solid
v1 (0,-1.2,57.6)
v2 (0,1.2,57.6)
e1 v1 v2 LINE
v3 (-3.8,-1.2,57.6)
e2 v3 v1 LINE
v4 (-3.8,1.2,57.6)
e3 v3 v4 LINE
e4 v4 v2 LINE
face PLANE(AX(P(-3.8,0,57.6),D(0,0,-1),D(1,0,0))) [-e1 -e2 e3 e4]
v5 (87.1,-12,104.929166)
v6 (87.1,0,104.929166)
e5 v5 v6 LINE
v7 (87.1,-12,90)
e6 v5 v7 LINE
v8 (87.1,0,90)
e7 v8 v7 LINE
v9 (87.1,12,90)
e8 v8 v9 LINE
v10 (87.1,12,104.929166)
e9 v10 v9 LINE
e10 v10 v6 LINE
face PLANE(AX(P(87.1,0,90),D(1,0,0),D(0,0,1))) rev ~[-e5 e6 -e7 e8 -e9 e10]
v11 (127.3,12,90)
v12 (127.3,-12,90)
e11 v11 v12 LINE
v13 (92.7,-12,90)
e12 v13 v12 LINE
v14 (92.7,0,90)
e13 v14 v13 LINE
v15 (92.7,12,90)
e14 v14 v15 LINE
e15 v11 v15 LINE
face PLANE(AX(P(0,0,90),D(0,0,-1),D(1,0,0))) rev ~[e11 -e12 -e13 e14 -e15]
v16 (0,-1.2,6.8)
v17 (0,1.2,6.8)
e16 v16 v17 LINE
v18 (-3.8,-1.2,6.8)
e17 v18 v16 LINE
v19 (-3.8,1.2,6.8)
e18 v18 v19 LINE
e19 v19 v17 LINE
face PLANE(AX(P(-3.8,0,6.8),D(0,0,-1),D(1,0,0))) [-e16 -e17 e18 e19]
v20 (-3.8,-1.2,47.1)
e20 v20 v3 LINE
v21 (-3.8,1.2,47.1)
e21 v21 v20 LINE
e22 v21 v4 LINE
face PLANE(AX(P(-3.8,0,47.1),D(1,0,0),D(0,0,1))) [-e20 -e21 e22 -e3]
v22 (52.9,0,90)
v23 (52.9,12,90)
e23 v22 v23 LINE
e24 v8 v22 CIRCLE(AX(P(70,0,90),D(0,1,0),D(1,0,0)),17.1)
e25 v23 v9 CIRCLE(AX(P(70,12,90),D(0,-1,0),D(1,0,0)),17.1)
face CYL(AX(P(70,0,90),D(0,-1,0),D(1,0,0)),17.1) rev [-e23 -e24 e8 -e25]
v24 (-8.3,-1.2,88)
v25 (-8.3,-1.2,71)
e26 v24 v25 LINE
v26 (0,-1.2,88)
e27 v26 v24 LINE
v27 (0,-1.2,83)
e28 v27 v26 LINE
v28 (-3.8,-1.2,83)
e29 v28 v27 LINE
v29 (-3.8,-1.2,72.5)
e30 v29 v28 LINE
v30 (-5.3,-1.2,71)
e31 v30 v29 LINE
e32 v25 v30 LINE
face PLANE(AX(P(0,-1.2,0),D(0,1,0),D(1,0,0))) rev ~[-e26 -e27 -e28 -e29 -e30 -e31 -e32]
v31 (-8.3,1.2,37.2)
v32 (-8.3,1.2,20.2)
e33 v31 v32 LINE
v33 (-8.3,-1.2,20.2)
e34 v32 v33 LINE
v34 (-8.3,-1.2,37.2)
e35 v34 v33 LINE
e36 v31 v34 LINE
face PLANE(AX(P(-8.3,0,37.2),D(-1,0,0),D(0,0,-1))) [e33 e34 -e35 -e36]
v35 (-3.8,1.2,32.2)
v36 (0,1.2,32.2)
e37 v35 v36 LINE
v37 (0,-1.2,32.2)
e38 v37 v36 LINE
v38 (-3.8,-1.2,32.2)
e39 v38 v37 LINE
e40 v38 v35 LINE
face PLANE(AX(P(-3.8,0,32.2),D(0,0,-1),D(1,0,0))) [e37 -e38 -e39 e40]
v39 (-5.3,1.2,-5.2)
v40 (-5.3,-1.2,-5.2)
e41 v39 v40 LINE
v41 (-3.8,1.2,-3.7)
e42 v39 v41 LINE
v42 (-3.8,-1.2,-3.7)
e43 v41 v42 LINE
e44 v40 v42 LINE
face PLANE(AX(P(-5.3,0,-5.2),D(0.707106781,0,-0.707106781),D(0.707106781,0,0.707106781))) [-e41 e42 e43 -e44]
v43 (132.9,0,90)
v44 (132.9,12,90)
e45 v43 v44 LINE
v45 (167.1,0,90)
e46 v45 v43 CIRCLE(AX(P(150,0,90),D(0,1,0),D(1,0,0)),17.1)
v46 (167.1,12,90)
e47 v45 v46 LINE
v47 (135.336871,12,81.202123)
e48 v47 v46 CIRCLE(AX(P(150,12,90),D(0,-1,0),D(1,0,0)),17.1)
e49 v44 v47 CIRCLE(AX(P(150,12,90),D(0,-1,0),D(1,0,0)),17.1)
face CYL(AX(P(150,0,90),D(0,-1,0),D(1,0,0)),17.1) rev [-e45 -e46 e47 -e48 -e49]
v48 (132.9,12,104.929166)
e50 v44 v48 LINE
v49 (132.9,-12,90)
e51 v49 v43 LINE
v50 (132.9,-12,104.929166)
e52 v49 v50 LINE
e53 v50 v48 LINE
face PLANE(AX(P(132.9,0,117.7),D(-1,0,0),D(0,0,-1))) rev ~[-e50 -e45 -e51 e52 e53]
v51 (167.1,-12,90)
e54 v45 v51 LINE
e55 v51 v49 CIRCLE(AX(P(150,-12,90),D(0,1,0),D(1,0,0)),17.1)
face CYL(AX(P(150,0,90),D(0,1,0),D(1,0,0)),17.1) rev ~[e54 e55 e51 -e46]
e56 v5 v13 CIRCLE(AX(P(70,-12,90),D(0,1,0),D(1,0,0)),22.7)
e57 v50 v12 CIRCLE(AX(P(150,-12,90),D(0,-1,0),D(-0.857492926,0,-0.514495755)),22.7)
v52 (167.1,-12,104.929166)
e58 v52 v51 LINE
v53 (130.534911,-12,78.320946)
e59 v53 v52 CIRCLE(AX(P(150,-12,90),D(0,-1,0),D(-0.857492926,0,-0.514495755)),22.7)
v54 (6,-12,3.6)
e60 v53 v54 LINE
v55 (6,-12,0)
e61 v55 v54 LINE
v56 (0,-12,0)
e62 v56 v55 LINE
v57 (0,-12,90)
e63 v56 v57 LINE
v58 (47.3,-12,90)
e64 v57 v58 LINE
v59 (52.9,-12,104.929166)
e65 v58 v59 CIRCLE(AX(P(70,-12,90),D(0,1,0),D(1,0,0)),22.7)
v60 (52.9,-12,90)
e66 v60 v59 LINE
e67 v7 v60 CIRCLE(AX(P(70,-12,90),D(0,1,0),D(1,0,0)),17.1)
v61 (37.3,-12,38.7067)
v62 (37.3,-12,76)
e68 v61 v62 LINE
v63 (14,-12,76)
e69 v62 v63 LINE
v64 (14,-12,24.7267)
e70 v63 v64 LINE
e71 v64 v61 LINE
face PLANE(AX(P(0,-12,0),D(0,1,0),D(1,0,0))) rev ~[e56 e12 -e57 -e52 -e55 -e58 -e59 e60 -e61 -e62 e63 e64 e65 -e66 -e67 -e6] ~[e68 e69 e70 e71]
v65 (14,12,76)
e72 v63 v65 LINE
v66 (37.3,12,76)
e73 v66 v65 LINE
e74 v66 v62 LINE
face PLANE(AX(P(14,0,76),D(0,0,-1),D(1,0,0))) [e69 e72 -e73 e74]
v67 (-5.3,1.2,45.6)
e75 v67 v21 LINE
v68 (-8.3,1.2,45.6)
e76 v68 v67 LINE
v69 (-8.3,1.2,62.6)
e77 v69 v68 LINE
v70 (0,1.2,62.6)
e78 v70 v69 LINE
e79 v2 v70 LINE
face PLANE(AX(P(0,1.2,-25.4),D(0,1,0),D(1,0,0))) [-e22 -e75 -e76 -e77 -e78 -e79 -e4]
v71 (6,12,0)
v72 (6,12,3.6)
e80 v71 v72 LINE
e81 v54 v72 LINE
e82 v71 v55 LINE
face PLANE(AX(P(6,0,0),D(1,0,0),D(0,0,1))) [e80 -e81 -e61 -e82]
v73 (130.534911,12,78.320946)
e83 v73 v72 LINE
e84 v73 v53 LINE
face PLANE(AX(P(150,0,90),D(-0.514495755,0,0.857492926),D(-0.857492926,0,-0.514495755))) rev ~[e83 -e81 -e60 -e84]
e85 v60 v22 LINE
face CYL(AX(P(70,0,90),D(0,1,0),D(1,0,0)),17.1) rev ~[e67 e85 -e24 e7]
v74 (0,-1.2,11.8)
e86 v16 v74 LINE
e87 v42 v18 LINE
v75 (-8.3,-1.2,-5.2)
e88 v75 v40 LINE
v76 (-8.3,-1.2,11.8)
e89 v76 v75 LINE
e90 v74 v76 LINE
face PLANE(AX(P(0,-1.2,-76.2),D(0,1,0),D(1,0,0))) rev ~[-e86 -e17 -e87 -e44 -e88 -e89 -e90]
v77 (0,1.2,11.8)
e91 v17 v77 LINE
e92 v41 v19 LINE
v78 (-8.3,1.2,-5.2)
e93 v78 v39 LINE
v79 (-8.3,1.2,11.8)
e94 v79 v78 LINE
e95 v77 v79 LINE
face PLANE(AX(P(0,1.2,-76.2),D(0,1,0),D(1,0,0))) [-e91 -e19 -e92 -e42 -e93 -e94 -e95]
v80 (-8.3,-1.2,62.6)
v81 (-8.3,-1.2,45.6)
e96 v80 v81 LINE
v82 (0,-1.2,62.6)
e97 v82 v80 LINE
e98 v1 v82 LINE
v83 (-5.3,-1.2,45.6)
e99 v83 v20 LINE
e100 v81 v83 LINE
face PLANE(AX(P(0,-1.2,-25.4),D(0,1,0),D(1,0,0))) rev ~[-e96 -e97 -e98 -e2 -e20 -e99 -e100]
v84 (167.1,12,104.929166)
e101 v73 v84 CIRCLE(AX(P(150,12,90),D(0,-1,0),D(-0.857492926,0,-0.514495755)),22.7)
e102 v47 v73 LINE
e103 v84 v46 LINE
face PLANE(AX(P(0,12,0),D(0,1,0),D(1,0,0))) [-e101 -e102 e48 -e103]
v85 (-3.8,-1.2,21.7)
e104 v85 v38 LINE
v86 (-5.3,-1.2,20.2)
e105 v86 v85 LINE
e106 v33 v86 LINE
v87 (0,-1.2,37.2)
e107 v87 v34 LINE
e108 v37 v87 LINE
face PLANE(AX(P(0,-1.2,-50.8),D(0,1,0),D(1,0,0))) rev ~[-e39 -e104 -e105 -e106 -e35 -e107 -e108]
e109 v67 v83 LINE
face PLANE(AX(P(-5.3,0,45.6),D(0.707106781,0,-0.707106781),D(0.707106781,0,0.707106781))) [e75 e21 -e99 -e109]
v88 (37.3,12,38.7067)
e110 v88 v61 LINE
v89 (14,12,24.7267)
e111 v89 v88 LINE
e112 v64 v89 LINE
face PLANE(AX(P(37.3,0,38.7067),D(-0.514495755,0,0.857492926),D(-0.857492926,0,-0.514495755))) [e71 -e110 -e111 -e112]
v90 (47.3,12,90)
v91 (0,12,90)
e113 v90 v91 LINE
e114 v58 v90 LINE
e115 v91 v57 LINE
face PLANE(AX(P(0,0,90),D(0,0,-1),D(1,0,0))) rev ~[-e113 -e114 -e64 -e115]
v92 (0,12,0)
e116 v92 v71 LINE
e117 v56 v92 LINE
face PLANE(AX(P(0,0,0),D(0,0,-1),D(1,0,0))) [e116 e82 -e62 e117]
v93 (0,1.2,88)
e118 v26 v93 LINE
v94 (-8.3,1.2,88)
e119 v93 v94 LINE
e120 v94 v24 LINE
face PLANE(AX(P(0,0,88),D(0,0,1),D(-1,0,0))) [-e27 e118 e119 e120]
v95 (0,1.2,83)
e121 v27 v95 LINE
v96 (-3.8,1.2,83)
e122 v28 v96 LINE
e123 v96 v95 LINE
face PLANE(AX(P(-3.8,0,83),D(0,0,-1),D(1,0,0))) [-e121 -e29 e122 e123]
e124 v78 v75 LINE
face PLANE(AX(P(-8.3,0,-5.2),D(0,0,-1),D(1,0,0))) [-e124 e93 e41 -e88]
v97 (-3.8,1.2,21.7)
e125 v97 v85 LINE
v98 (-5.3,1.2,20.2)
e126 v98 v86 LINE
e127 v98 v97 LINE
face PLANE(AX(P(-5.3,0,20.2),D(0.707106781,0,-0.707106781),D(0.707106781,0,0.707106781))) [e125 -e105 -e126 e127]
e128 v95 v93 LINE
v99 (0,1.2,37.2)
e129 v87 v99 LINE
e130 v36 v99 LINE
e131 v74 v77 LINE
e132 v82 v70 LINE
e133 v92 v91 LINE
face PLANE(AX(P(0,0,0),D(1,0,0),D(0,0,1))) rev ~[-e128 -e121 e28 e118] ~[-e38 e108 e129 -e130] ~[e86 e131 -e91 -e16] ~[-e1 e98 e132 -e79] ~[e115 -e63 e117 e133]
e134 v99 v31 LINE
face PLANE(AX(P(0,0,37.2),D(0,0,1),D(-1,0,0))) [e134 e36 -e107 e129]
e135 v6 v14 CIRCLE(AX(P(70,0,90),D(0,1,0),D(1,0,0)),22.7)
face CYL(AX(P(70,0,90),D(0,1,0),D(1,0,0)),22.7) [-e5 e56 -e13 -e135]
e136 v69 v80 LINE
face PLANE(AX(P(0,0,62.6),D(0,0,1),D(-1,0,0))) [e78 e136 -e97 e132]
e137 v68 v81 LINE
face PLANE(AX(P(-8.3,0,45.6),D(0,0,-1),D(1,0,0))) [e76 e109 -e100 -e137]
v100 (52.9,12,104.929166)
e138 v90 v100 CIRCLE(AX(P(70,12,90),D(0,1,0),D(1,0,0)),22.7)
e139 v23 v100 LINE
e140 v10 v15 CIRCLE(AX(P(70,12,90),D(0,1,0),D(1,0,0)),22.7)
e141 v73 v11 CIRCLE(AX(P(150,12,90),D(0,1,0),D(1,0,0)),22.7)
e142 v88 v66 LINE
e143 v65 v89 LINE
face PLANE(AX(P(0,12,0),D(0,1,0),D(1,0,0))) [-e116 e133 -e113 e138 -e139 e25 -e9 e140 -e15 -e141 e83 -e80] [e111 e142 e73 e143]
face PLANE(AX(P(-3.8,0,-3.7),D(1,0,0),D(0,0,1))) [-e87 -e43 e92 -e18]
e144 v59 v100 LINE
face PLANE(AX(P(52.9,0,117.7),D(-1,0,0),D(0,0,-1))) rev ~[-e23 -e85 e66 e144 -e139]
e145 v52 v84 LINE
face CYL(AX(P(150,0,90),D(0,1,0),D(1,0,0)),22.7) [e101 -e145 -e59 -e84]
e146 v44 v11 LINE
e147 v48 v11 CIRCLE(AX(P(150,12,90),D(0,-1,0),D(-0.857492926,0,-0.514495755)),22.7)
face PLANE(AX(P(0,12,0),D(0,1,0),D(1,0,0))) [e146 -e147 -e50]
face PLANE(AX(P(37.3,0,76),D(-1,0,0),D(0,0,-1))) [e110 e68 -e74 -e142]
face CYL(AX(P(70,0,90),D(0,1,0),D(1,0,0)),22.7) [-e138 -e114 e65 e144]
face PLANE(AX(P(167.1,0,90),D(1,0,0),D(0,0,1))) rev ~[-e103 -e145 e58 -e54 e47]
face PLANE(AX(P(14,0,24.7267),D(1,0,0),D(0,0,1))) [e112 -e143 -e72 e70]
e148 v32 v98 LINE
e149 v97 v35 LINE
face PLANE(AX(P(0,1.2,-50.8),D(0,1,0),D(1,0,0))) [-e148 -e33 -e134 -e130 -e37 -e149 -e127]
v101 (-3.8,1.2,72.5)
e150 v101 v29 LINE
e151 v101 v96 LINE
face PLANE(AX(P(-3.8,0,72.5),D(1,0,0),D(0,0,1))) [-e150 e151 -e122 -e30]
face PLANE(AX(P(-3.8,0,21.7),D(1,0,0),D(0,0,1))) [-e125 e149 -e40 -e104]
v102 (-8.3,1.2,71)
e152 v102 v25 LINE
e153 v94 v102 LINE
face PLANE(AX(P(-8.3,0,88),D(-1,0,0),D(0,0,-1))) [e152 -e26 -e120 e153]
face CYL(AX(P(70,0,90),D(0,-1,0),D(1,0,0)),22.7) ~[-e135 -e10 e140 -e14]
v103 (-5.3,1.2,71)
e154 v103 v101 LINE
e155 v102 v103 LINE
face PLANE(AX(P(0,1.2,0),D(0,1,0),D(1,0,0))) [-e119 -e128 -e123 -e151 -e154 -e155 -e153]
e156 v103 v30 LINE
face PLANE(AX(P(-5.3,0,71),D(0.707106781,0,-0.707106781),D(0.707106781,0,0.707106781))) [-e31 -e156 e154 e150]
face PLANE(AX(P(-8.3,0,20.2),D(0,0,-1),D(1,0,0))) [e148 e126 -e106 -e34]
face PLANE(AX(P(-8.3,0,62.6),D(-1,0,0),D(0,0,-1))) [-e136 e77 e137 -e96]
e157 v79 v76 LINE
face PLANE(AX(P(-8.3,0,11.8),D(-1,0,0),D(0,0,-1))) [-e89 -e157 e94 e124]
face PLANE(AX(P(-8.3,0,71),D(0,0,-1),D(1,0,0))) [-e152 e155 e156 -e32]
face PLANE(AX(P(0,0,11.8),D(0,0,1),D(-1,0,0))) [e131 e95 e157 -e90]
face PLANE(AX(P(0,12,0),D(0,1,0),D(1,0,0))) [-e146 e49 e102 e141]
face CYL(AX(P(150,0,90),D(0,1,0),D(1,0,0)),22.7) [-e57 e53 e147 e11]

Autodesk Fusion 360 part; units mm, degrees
sketch "Arm triangle" plane through (0, 0, 0) normal (0, 1, 0) x (1, 0, 0)
  line L0 (0, 0) -> (0, -90)
  line L1 (0, -90) -> (150, -90)
  line L2 (150, -90) -> (0, 0)
  dimension "d186" = 90
extrude "Arm triangle (1)" add sketch "Arm triangle" along normal mid plane 24
sketch "Plate" plane through (0, 0, 0) normal (0, 1, 0) x (1, 0, 0)
  line L0 (0, 0) -> (6, 0)
  line L1 (6, 0) -> (6, -90)
  line L2 (6, -90) -> (0, -90)
  line L3 (0, -90) -> (0, 0)
  dimension "d190" = 6
  dimension "d191" = 90
extrude "Plate (1)" add sketch "Plate" along normal mid plane 24
sketch "Lightening cutout" plane through (0, 0, 0) normal (0, 1, 0) x (1, 0, 0)
  line L0 (14, -24.7267) -> (14, -76)
  line L1 (14, -76) -> (37.3, -76)
  line L2 (37.3, -76) -> (37.3, -38.7067)
  line L3 (37.3, -38.7067) -> (14, -24.7267)
  dimension "d194" = 14
  dimension "d195" = 24.7267
  dimension "d196" = 76
  dimension "d197" = 37.3
  dimension "d198" = 38.7067
extrude "Lightening cutout (1)" cut sketch "Lightening cutout" along normal mid plane 34
sketch "Saddle boss x=70" plane through (0, 0, 0) normal (0, 1, 0) x (1, 0, 0)
  circle A0 centre (70, -90) radius 22.7
  dimension "d201" = 70
  dimension "d202" = 90
  dimension "d203" = 45.4
extrude "Saddle boss x=70 (1)" add sketch "Saddle boss x=70" along normal mid plane 24
sketch "Saddle boss x=150" plane through (0, 0, 0) normal (0, 1, 0) x (1, 0, 0)
  circle A0 centre (150, -90) radius 22.7
  dimension "d207" = 90
  dimension "d208" = 45.4
extrude "Saddle boss x=150 (1)" add sketch "Saddle boss x=150" along normal mid plane 24
sketch "Rod pocket x=70" plane through (0, 0, 0) normal (0, 1, 0) x (1, 0, 0)
  circle A0 centre (70, -90) radius 17.1
  dimension "d211" = 70
  dimension "d212" = 90
  dimension "d213" = 34.2
extrude "Rod pocket x=70 (1)" cut sketch "Rod pocket x=70" along normal mid plane 34
sketch "Drop-in opening x=70" plane through (0, 0, 0) normal (0, 1, 0) x (1, 0, 0)
  line L0 (52.9, -90) -> (87.1, -90)
  line L1 (87.1, -90) -> (87.1, -117.7)
  line L2 (87.1, -117.7) -> (52.9, -117.7)
  line L3 (52.9, -117.7) -> (52.9, -90)
  dimension "d216" = 52.9
  dimension "d217" = 90
  dimension "d218" = 87.1
  dimension "d219" = 117.7
extrude "Drop-in opening x=70 (1)" cut sketch "Drop-in opening x=70" along normal mid plane 34
sketch "Rod pocket x=150" plane through (0, 0, 0) normal (0, 1, 0) x (1, 0, 0)
  circle A0 centre (150, -90) radius 17.1
  dimension "d223" = 90
  dimension "d224" = 34.2
extrude "Rod pocket x=150 (1)" cut sketch "Rod pocket x=150" along normal mid plane 34
sketch "Drop-in opening x=150" plane through (0, 0, 0) normal (0, 1, 0) x (1, 0, 0)
  line L0 (132.9, -90) -> (167.1, -90)
  line L1 (167.1, -90) -> (167.1, -117.7)
  line L2 (167.1, -117.7) -> (132.9, -117.7)
  line L3 (132.9, -117.7) -> (132.9, -90)
  dimension "d227" = 132.9
  dimension "d228" = 90
  dimension "d229" = 167.1
  dimension "d230" = 117.7
extrude "Drop-in opening x=150 (1)" cut sketch "Drop-in opening x=150" along normal mid plane 34
sketch "Hook profile" plane through (0, 0, 0) normal (0, 1, 0) x (1, 0, 0)
  line L0 (0, -88) -> (-8.3, -88)
  line L1 (-8.3, -88) -> (-8.3, -71)
  line L2 (-8.3, -71) -> (-5.3, -71)
  line L3 (-5.3, -71) -> (-3.8, -72.5)
  line L4 (-3.8, -72.5) -> (-3.8, -83)
  line L5 (-3.8, -83) -> (0, -83)
  line L6 (0, -83) -> (0, -88)
  dimension "d233" = 88
  dimension "d234" = 8.3
  dimension "d235" = 3.8
  dimension "d236" = 5
  dimension "d237" = 10.5
  dimension "d238" = 1.5
  dimension "d239" = 1.5
extrude "Hook profile (1)" add sketch "Hook profile" along normal mid plane 2.4
pattern_linear "Hook rows" count 4 spacing 25.4 along (0, 0, -1) count 3 spacing 0 along (0, 0, 1) of "Hook profile (1)"
equation "bracketWidth = 24.0 mm" comment "bracket width along the rods"
equation "hookTabWidth = slotWidth - 0.8 mm" comment "blade width through the slot"
equation "slotPitchVertical = 25.4 mm" comment "1 inch, measured"
equation "slotWidth = 3.2 mm" comment "measured slot width in the upright"
equation "faceMetalThickness = 2.0 mm" comment "upright face metal"
equation "hookThroat = faceMetalThickness + 1.8 mm" comment "gap behind the plate"
equation "hookNeckHeight = 5.0 mm" comment "bears on the slot bottom edge"
equation "hookLipThickness = 4.5 mm" comment "lip thickness behind the face"
equation "hookLipDrop = 12.0 mm" comment "engagement below the neck"
equation "plateThickness = 6.0 mm" comment "hook plate thickness"
equation "plateHeight = 90.0 mm" comment "plate height, also the rod height"
equation "rodOuterDiameter = 33.4 mm" comment "1 inch sch 40 PVC"
equation "saddleClearance = 0.8 mm" comment "diametral pocket clearance"
equation "saddleWall = 6.0 mm" comment "wall around the rod pocket"
equation "rearRodStandoff = 70.0 mm" comment "rear rod, from the upright"
equation "rodSpacing = 80.0 mm" comment "rod centres, front minus rear"
equation "memberWidth = 14.0 mm" comment "border around the lightening cutout"
equation "hookLipChamfer = 1.5 mm" comment "lead-in past slot burrs"
equation "topHookNeckTop = 88.0 mm" comment "top row, below the plate top"
equation "hookRows = 4" comment "number of hook rows (pattern count)"
equation "d186 = plateHeight"
equation "d187 = ( rearRodStandoff + rodSpacing )"
equation "d188 = bracketWidth"
equation "d190 = plateThickness"
equation "d191 = plateHeight"
equation "d192 = bracketWidth"
equation "d194 = memberWidth"
equation "d195 = plateHeight / ( rearRodStandoff + rodSpacing ) * ( ( memberWidth ) - ( -memberWidth * plateHeight / sqrt(( rearRodStandoff + rodSpacing ) * ( rearRodStandoff + rodSpacing ) + plateHeight * plateHeight) ) ) + ( memberWidth * ( rearRodStandoff + rodSpacing ) / sqrt(( rearRodStandoff + rodSpacing ) * ( rearRodStandoff + rodSpacing ) + plateHeight * plateHeight) )"
equation "d196 = plateHeight - memberWidth"
equation "d197 = rearRodStandoff - ( rodOuterDiameter + 2 * saddleWall ) / 2 - 10 mm"
equation "d198 = plateHeight / ( rearRodStandoff + rodSpacing ) * ( ( rearRodStandoff - ( rodOuterDiameter + 2 * saddleWall ) / 2 - 10 mm ) - ( -memberWidth * plateHeight / sqrt(( rearRodStandoff + rodSpacing ) * ( rearRodStandoff + rodSpacing ) + plateHeight * plateHeight) ) ) + ( memberWidth * ( rearRodStandoff + rodSpacing ) / sqrt(( rearRodStandoff + rodSpacing ) * ( rearRodStandoff + rodSpacing ) + plateHeight * plateHeight) )"
equation "d199 = bracketWidth + 10 mm"
equation "d201 = rearRodStandoff"
equation "d202 = plateHeight"
equation "d203 = rodOuterDiameter + 2 * saddleWall"
equation "d204 = bracketWidth"
equation "d206 = ( rearRodStandoff + rodSpacing )"
equation "d207 = plateHeight"
equation "d208 = rodOuterDiameter + 2 * saddleWall"
equation "d209 = bracketWidth"
equation "d211 = rearRodStandoff"
equation "d212 = plateHeight"
equation "d213 = rodOuterDiameter + saddleClearance"
equation "d214 = bracketWidth + 10 mm"
equation "d216 = rearRodStandoff - ( rodOuterDiameter + saddleClearance ) / 2"
equation "d217 = plateHeight"
equation "d218 = rearRodStandoff + ( rodOuterDiameter + saddleClearance ) / 2"
equation "d219 = plateHeight + ( rodOuterDiameter + 2 * saddleWall ) / 2 + 5 mm"
equation "d220 = bracketWidth + 10 mm"
equation "d222 = ( rearRodStandoff + rodSpacing )"
equation "d223 = plateHeight"
equation "d224 = rodOuterDiameter + saddleClearance"
equation "d225 = bracketWidth + 10 mm"
equation "d227 = ( rearRodStandoff + rodSpacing ) - ( rodOuterDiameter + saddleClearance ) / 2"
equation "d228 = plateHeight"
equation "d229 = ( rearRodStandoff + rodSpacing ) + ( rodOuterDiameter + saddleClearance ) / 2"
equation "d230 = plateHeight + ( rodOuterDiameter + 2 * saddleWall ) / 2 + 5 mm"
equation "d231 = bracketWidth + 10 mm"
equation "d233 = topHookNeckTop"
equation "d234 = hookThroat + hookLipThickness"
equation "d235 = hookThroat"
equation "d236 = hookNeckHeight"
equation "d237 = hookLipDrop - hookLipChamfer"
equation "d238 = hookLipChamfer"
equation "d239 = hookLipChamfer"
equation "d240 = hookTabWidth"
equation "d242 = hookRows"
equation "d244 = -slotPitchVertical"
